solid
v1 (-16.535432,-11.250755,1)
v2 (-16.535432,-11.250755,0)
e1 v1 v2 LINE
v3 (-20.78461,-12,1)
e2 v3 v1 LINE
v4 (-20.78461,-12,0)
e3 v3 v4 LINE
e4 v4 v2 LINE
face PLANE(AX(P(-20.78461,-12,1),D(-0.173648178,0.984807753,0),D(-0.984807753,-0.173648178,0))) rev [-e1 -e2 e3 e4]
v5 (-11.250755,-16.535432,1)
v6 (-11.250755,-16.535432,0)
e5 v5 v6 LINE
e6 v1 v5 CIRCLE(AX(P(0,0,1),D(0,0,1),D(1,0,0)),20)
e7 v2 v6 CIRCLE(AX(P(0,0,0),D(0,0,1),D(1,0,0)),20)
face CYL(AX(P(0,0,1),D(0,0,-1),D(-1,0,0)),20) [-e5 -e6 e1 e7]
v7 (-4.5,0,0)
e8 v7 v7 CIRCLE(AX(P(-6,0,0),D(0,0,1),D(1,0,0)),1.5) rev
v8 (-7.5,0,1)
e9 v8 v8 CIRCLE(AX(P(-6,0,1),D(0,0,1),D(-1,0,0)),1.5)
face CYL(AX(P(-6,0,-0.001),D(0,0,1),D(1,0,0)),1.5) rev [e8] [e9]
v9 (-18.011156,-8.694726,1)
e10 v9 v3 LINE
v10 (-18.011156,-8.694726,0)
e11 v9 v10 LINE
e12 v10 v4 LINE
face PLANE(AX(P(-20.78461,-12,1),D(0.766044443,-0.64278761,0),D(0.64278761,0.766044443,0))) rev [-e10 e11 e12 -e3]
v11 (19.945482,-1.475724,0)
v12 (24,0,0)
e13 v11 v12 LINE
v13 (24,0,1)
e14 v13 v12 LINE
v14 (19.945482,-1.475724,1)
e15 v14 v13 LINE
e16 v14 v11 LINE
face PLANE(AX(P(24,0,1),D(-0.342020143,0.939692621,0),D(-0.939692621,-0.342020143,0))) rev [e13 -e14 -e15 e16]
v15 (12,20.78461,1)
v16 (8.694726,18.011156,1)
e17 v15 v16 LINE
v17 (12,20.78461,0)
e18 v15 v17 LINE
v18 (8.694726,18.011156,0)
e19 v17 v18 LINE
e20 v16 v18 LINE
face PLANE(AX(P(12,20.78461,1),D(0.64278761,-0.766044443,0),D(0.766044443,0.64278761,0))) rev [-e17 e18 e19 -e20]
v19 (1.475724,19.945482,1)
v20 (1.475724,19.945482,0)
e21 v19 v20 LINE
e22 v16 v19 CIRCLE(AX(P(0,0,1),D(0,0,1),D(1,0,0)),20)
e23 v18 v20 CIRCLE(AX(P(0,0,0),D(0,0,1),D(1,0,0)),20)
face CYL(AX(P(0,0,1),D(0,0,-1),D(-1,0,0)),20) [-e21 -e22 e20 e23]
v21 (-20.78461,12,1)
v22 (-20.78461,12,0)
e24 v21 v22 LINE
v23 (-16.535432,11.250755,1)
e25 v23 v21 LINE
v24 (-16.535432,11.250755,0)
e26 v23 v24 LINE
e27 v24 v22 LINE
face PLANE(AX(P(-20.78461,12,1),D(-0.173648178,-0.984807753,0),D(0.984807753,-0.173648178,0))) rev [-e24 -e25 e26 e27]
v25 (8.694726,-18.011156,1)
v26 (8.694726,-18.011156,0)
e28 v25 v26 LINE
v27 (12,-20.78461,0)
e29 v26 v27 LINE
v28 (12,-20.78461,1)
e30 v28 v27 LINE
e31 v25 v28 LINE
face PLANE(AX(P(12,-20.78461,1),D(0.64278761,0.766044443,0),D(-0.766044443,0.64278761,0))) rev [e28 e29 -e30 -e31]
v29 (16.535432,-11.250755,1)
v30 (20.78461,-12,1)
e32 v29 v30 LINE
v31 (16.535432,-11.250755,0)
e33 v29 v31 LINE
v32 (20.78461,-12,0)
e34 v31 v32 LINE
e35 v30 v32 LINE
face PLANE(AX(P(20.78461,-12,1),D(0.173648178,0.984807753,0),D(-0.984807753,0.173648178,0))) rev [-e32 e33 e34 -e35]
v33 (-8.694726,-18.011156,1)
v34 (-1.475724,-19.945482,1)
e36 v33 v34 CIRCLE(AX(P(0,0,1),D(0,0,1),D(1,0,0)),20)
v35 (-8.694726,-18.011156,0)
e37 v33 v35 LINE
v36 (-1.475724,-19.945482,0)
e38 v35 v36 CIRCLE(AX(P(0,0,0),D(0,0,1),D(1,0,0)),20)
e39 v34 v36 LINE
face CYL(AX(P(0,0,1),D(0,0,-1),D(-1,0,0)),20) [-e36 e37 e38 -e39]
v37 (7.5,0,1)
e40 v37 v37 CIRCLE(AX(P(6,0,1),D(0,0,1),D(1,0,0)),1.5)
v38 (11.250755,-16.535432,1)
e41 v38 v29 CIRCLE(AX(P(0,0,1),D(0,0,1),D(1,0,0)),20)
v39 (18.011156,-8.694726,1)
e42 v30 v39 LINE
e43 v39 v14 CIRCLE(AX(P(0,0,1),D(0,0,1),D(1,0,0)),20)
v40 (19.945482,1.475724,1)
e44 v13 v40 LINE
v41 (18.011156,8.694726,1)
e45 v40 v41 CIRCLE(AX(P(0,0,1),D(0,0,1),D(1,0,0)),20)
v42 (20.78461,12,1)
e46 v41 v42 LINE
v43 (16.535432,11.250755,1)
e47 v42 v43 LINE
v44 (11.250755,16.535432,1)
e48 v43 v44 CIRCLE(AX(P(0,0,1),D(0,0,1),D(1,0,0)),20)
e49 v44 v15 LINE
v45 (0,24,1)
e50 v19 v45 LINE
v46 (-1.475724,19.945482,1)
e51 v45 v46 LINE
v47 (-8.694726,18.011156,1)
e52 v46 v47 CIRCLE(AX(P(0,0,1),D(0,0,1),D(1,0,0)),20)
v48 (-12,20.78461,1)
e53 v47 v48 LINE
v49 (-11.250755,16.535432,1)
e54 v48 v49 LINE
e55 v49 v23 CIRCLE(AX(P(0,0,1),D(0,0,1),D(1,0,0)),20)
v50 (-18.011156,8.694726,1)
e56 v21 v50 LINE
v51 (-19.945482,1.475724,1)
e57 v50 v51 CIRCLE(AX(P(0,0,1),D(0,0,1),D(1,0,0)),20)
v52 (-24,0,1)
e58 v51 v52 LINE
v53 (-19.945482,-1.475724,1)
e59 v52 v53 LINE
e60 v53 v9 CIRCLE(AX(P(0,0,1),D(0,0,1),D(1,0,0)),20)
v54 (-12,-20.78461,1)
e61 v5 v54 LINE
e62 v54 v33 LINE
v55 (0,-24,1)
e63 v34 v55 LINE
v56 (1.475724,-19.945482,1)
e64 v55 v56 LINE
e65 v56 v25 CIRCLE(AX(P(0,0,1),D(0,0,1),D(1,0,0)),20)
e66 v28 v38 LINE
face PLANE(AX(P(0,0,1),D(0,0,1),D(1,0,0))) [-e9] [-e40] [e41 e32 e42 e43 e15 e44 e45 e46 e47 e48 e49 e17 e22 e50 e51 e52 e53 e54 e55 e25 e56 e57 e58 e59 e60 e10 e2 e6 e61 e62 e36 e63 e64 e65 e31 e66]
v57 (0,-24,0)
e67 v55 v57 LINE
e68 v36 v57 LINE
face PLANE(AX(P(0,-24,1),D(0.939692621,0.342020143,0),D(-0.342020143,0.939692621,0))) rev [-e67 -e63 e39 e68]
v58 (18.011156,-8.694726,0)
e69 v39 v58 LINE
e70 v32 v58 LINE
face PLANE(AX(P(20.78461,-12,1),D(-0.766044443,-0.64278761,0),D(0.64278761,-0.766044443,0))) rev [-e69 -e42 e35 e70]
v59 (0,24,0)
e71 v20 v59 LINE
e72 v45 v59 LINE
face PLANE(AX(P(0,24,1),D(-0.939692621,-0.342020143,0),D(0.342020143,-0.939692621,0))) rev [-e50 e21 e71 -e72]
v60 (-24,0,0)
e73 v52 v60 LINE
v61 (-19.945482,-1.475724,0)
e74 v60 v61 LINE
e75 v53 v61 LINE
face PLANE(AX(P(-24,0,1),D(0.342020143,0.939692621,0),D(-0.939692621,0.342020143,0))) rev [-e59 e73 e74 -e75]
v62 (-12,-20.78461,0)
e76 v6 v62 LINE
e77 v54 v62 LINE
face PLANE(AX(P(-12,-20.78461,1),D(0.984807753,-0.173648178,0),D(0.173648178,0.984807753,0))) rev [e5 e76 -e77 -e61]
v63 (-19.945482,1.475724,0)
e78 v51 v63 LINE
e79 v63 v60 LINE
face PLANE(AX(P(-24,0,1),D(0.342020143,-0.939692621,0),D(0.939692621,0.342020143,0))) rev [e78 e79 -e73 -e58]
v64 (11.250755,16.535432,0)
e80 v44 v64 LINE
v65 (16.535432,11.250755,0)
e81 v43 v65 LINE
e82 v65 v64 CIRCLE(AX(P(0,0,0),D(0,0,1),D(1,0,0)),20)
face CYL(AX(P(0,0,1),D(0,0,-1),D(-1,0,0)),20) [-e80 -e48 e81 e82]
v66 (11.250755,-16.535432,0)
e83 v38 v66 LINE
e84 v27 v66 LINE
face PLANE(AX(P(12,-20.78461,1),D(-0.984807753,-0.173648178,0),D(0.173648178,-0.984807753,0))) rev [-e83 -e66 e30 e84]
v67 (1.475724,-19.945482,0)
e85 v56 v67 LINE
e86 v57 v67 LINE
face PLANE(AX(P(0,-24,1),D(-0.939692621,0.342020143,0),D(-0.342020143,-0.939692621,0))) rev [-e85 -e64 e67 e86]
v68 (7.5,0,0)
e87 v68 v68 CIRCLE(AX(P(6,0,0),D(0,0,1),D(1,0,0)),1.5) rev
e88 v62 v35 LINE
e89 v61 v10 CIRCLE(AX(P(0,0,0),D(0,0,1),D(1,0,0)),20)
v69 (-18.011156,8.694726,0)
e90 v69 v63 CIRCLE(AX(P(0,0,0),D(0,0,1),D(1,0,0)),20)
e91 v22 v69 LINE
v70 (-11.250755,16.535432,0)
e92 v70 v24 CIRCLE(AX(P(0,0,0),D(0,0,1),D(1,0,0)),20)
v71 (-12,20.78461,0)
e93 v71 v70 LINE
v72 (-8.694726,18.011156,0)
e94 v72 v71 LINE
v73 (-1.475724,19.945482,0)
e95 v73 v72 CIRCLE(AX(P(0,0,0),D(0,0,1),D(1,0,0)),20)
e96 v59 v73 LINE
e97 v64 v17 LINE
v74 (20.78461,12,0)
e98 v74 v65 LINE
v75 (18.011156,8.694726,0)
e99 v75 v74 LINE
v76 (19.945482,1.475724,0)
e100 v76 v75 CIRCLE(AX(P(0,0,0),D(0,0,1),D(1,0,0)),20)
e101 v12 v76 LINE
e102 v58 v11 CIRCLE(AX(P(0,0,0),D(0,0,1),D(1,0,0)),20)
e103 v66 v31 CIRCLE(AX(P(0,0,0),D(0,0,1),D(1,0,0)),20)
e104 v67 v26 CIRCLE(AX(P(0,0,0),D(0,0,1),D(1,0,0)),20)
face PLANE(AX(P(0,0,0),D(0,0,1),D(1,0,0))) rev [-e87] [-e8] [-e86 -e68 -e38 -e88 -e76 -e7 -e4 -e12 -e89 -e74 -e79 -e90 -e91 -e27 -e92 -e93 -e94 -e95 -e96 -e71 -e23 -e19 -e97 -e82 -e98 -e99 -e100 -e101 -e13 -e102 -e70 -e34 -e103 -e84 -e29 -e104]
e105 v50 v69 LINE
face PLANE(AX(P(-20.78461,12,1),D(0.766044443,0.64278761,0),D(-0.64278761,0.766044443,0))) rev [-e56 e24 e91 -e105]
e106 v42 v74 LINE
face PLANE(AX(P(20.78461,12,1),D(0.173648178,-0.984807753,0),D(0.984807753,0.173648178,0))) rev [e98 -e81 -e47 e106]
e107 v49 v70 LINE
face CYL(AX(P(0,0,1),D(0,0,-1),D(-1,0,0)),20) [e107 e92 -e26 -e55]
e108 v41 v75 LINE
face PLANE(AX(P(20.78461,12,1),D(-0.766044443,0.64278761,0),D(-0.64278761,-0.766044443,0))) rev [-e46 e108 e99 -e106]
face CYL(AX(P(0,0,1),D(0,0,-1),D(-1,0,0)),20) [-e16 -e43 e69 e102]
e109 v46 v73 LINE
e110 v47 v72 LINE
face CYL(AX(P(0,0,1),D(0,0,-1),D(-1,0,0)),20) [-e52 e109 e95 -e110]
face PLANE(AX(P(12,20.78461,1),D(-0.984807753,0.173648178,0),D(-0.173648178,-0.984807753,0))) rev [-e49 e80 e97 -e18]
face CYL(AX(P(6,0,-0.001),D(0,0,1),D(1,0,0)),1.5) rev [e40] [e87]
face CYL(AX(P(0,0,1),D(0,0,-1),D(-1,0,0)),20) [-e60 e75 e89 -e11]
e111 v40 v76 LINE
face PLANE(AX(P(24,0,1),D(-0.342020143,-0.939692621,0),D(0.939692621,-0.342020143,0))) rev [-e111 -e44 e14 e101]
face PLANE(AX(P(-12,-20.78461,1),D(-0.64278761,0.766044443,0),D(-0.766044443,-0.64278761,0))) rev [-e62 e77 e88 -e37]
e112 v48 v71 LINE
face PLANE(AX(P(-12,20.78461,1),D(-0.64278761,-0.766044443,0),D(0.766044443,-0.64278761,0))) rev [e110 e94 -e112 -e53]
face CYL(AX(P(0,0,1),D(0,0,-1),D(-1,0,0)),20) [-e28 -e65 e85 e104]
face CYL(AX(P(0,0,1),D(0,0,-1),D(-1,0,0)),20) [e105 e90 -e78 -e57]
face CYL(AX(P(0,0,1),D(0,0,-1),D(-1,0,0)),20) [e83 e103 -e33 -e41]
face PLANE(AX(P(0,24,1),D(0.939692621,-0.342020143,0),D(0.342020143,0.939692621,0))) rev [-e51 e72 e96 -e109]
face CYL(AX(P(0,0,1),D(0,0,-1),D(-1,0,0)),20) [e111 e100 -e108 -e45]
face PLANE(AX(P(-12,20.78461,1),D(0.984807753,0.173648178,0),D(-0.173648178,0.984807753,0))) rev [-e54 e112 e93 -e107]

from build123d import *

# Parameters (mm, degrees)
CROQUIS1_R              = 20
SALIENTE_EXTRUIR1_DEPTH = 1
SALIENTE_EXTRUIR2_DEPTH = 1
CORTAR_EXTRUIR1_REACH   = 35.956
CROQUIS4_R              = 1.5


with BuildPart() as part:
    # Croquis1 → Saliente-Extruir1 (new body)
    with BuildSketch(Plane(origin=(0, 0, 0), x_dir=(0, 1, 0), z_dir=(0, 0, 1))):
        with Locations(Location((0, 0, 0), (0, 0, 270))):
            Circle(CROQUIS1_R)
    extrude(amount=SALIENTE_EXTRUIR1_DEPTH)

    # Croquis2 → Saliente-Extruir2 (add)
    with BuildSketch(Plane(origin=(0, 0, 0), x_dir=(0, 1, 0), z_dir=(0, 0, 1))):
        with BuildLine():
            Line((0, -24), (1.47572399, -19.945481661))
            ThreePointArc((1.47572399, -19.945481661), (0, -20), (-1.47572399, -19.945481661))
            Line((-1.47572399, -19.945481661), (0, -24))
        make_face()
        with BuildLine():
            Line((-12, -20.784609691), (-8.694726367, -18.011155804))
            ThreePointArc((-8.694726367, -18.011155804), (-10, -17.320508076), (-11.250755295, -16.535431815))
            Line((-11.250755295, -16.535431815), (-12, -20.784609691))
        make_face()
        with BuildLine():
            Line((-20.784609691, -12), (-16.535431815, -11.250755295))
            ThreePointArc((-16.535431815, -11.250755295), (-17.320508076, -10), (-18.011155804, -8.694726367))
            Line((-18.011155804, -8.694726367), (-20.784609691, -12))
        make_face()
        with BuildLine():
            Line((-24, 0), (-19.945481661, -1.47572399))
            ThreePointArc((-19.945481661, -1.47572399), (-20, 0), (-19.945481661, 1.47572399))
            Line((-19.945481661, 1.47572399), (-24, 0))
        make_face()
        with BuildLine():
            Line((-20.784609691, 12), (-18.011155804, 8.694726367))
            ThreePointArc((-18.011155804, 8.694726367), (-17.320508076, 10), (-16.535431815, 11.250755295))
            Line((-16.535431815, 11.250755295), (-20.784609691, 12))
        make_face()
        with BuildLine():
            Line((-12, 20.784609691), (-11.250755295, 16.535431815))
            ThreePointArc((-11.250755295, 16.535431815), (-10, 17.320508076), (-8.694726367, 18.011155804))
            Line((-8.694726367, 18.011155804), (-12, 20.784609691))
        make_face()
        with BuildLine():
            Line((0, 24), (-1.47572399, 19.945481661))
            ThreePointArc((-1.47572399, 19.945481661), (0, 20), (1.47572399, 19.945481661))
            Line((1.47572399, 19.945481661), (0, 24))
        make_face()
        with BuildLine():
            Line((12, 20.784609691), (8.694726367, 18.011155804))
            ThreePointArc((8.694726367, 18.011155804), (10, 17.320508076), (11.250755295, 16.535431815))
            Line((11.250755295, 16.535431815), (12, 20.784609691))
        make_face()
        with BuildLine():
            Line((20.784609691, 12), (16.535431815, 11.250755295))
            ThreePointArc((16.535431815, 11.250755295), (17.320508076, 10), (18.011155804, 8.694726367))
            Line((18.011155804, 8.694726367), (20.784609691, 12))
        make_face()
        with BuildLine():
            Line((24, 0), (19.945481661, 1.47572399))
            ThreePointArc((19.945481661, 1.47572399), (20, 0), (19.945481661, -1.47572399))
            Line((19.945481661, -1.47572399), (24, 0))
        make_face()
        with BuildLine():
            Line((20.784609691, -12), (18.011155804, -8.694726367))
            ThreePointArc((18.011155804, -8.694726367), (17.320508076, -10), (16.535431815, -11.250755295))
            Line((16.535431815, -11.250755295), (20.784609691, -12))
        make_face()
        with BuildLine():
            Line((12, -20.784609691), (11.250755295, -16.535431815))
            ThreePointArc((11.250755295, -16.535431815), (10, -17.320508076), (8.694726367, -18.011155804))
            Line((8.694726367, -18.011155804), (12, -20.784609691))
        make_face()
    extrude(amount=SALIENTE_EXTRUIR2_DEPTH)

    # Croquis4 → Cortar-Extruir1 (cut, up to next)
    with BuildSketch(Plane.XY.offset(1), mode=Mode.PRIVATE) as cortar_extruir1_sk1:
        with Locations((6, 0)):
            Circle(CROQUIS4_R)
    cortar_extruir1_tool1 = extrude(cortar_extruir1_sk1.sketch, amount=-CORTAR_EXTRUIR1_REACH, mode=Mode.PRIVATE) & part.part
    # Croquis4 → Cortar-Extruir1 (cut, up to next)
    with BuildSketch(Plane.XY.offset(1), mode=Mode.PRIVATE) as cortar_extruir1_sk2:
        with Locations((-6, 0)):
            Circle(CROQUIS4_R)
    cortar_extruir1_tool2 = extrude(cortar_extruir1_sk2.sketch, amount=-CORTAR_EXTRUIR1_REACH, mode=Mode.PRIVATE) & part.part
    add(cortar_extruir1_tool1.solids().sort_by_distance((6, 0, 1))[0], mode=Mode.SUBTRACT)
    add(cortar_extruir1_tool2.solids().sort_by_distance((-6, 0, 1))[0], mode=Mode.SUBTRACT)


solid = part.part
